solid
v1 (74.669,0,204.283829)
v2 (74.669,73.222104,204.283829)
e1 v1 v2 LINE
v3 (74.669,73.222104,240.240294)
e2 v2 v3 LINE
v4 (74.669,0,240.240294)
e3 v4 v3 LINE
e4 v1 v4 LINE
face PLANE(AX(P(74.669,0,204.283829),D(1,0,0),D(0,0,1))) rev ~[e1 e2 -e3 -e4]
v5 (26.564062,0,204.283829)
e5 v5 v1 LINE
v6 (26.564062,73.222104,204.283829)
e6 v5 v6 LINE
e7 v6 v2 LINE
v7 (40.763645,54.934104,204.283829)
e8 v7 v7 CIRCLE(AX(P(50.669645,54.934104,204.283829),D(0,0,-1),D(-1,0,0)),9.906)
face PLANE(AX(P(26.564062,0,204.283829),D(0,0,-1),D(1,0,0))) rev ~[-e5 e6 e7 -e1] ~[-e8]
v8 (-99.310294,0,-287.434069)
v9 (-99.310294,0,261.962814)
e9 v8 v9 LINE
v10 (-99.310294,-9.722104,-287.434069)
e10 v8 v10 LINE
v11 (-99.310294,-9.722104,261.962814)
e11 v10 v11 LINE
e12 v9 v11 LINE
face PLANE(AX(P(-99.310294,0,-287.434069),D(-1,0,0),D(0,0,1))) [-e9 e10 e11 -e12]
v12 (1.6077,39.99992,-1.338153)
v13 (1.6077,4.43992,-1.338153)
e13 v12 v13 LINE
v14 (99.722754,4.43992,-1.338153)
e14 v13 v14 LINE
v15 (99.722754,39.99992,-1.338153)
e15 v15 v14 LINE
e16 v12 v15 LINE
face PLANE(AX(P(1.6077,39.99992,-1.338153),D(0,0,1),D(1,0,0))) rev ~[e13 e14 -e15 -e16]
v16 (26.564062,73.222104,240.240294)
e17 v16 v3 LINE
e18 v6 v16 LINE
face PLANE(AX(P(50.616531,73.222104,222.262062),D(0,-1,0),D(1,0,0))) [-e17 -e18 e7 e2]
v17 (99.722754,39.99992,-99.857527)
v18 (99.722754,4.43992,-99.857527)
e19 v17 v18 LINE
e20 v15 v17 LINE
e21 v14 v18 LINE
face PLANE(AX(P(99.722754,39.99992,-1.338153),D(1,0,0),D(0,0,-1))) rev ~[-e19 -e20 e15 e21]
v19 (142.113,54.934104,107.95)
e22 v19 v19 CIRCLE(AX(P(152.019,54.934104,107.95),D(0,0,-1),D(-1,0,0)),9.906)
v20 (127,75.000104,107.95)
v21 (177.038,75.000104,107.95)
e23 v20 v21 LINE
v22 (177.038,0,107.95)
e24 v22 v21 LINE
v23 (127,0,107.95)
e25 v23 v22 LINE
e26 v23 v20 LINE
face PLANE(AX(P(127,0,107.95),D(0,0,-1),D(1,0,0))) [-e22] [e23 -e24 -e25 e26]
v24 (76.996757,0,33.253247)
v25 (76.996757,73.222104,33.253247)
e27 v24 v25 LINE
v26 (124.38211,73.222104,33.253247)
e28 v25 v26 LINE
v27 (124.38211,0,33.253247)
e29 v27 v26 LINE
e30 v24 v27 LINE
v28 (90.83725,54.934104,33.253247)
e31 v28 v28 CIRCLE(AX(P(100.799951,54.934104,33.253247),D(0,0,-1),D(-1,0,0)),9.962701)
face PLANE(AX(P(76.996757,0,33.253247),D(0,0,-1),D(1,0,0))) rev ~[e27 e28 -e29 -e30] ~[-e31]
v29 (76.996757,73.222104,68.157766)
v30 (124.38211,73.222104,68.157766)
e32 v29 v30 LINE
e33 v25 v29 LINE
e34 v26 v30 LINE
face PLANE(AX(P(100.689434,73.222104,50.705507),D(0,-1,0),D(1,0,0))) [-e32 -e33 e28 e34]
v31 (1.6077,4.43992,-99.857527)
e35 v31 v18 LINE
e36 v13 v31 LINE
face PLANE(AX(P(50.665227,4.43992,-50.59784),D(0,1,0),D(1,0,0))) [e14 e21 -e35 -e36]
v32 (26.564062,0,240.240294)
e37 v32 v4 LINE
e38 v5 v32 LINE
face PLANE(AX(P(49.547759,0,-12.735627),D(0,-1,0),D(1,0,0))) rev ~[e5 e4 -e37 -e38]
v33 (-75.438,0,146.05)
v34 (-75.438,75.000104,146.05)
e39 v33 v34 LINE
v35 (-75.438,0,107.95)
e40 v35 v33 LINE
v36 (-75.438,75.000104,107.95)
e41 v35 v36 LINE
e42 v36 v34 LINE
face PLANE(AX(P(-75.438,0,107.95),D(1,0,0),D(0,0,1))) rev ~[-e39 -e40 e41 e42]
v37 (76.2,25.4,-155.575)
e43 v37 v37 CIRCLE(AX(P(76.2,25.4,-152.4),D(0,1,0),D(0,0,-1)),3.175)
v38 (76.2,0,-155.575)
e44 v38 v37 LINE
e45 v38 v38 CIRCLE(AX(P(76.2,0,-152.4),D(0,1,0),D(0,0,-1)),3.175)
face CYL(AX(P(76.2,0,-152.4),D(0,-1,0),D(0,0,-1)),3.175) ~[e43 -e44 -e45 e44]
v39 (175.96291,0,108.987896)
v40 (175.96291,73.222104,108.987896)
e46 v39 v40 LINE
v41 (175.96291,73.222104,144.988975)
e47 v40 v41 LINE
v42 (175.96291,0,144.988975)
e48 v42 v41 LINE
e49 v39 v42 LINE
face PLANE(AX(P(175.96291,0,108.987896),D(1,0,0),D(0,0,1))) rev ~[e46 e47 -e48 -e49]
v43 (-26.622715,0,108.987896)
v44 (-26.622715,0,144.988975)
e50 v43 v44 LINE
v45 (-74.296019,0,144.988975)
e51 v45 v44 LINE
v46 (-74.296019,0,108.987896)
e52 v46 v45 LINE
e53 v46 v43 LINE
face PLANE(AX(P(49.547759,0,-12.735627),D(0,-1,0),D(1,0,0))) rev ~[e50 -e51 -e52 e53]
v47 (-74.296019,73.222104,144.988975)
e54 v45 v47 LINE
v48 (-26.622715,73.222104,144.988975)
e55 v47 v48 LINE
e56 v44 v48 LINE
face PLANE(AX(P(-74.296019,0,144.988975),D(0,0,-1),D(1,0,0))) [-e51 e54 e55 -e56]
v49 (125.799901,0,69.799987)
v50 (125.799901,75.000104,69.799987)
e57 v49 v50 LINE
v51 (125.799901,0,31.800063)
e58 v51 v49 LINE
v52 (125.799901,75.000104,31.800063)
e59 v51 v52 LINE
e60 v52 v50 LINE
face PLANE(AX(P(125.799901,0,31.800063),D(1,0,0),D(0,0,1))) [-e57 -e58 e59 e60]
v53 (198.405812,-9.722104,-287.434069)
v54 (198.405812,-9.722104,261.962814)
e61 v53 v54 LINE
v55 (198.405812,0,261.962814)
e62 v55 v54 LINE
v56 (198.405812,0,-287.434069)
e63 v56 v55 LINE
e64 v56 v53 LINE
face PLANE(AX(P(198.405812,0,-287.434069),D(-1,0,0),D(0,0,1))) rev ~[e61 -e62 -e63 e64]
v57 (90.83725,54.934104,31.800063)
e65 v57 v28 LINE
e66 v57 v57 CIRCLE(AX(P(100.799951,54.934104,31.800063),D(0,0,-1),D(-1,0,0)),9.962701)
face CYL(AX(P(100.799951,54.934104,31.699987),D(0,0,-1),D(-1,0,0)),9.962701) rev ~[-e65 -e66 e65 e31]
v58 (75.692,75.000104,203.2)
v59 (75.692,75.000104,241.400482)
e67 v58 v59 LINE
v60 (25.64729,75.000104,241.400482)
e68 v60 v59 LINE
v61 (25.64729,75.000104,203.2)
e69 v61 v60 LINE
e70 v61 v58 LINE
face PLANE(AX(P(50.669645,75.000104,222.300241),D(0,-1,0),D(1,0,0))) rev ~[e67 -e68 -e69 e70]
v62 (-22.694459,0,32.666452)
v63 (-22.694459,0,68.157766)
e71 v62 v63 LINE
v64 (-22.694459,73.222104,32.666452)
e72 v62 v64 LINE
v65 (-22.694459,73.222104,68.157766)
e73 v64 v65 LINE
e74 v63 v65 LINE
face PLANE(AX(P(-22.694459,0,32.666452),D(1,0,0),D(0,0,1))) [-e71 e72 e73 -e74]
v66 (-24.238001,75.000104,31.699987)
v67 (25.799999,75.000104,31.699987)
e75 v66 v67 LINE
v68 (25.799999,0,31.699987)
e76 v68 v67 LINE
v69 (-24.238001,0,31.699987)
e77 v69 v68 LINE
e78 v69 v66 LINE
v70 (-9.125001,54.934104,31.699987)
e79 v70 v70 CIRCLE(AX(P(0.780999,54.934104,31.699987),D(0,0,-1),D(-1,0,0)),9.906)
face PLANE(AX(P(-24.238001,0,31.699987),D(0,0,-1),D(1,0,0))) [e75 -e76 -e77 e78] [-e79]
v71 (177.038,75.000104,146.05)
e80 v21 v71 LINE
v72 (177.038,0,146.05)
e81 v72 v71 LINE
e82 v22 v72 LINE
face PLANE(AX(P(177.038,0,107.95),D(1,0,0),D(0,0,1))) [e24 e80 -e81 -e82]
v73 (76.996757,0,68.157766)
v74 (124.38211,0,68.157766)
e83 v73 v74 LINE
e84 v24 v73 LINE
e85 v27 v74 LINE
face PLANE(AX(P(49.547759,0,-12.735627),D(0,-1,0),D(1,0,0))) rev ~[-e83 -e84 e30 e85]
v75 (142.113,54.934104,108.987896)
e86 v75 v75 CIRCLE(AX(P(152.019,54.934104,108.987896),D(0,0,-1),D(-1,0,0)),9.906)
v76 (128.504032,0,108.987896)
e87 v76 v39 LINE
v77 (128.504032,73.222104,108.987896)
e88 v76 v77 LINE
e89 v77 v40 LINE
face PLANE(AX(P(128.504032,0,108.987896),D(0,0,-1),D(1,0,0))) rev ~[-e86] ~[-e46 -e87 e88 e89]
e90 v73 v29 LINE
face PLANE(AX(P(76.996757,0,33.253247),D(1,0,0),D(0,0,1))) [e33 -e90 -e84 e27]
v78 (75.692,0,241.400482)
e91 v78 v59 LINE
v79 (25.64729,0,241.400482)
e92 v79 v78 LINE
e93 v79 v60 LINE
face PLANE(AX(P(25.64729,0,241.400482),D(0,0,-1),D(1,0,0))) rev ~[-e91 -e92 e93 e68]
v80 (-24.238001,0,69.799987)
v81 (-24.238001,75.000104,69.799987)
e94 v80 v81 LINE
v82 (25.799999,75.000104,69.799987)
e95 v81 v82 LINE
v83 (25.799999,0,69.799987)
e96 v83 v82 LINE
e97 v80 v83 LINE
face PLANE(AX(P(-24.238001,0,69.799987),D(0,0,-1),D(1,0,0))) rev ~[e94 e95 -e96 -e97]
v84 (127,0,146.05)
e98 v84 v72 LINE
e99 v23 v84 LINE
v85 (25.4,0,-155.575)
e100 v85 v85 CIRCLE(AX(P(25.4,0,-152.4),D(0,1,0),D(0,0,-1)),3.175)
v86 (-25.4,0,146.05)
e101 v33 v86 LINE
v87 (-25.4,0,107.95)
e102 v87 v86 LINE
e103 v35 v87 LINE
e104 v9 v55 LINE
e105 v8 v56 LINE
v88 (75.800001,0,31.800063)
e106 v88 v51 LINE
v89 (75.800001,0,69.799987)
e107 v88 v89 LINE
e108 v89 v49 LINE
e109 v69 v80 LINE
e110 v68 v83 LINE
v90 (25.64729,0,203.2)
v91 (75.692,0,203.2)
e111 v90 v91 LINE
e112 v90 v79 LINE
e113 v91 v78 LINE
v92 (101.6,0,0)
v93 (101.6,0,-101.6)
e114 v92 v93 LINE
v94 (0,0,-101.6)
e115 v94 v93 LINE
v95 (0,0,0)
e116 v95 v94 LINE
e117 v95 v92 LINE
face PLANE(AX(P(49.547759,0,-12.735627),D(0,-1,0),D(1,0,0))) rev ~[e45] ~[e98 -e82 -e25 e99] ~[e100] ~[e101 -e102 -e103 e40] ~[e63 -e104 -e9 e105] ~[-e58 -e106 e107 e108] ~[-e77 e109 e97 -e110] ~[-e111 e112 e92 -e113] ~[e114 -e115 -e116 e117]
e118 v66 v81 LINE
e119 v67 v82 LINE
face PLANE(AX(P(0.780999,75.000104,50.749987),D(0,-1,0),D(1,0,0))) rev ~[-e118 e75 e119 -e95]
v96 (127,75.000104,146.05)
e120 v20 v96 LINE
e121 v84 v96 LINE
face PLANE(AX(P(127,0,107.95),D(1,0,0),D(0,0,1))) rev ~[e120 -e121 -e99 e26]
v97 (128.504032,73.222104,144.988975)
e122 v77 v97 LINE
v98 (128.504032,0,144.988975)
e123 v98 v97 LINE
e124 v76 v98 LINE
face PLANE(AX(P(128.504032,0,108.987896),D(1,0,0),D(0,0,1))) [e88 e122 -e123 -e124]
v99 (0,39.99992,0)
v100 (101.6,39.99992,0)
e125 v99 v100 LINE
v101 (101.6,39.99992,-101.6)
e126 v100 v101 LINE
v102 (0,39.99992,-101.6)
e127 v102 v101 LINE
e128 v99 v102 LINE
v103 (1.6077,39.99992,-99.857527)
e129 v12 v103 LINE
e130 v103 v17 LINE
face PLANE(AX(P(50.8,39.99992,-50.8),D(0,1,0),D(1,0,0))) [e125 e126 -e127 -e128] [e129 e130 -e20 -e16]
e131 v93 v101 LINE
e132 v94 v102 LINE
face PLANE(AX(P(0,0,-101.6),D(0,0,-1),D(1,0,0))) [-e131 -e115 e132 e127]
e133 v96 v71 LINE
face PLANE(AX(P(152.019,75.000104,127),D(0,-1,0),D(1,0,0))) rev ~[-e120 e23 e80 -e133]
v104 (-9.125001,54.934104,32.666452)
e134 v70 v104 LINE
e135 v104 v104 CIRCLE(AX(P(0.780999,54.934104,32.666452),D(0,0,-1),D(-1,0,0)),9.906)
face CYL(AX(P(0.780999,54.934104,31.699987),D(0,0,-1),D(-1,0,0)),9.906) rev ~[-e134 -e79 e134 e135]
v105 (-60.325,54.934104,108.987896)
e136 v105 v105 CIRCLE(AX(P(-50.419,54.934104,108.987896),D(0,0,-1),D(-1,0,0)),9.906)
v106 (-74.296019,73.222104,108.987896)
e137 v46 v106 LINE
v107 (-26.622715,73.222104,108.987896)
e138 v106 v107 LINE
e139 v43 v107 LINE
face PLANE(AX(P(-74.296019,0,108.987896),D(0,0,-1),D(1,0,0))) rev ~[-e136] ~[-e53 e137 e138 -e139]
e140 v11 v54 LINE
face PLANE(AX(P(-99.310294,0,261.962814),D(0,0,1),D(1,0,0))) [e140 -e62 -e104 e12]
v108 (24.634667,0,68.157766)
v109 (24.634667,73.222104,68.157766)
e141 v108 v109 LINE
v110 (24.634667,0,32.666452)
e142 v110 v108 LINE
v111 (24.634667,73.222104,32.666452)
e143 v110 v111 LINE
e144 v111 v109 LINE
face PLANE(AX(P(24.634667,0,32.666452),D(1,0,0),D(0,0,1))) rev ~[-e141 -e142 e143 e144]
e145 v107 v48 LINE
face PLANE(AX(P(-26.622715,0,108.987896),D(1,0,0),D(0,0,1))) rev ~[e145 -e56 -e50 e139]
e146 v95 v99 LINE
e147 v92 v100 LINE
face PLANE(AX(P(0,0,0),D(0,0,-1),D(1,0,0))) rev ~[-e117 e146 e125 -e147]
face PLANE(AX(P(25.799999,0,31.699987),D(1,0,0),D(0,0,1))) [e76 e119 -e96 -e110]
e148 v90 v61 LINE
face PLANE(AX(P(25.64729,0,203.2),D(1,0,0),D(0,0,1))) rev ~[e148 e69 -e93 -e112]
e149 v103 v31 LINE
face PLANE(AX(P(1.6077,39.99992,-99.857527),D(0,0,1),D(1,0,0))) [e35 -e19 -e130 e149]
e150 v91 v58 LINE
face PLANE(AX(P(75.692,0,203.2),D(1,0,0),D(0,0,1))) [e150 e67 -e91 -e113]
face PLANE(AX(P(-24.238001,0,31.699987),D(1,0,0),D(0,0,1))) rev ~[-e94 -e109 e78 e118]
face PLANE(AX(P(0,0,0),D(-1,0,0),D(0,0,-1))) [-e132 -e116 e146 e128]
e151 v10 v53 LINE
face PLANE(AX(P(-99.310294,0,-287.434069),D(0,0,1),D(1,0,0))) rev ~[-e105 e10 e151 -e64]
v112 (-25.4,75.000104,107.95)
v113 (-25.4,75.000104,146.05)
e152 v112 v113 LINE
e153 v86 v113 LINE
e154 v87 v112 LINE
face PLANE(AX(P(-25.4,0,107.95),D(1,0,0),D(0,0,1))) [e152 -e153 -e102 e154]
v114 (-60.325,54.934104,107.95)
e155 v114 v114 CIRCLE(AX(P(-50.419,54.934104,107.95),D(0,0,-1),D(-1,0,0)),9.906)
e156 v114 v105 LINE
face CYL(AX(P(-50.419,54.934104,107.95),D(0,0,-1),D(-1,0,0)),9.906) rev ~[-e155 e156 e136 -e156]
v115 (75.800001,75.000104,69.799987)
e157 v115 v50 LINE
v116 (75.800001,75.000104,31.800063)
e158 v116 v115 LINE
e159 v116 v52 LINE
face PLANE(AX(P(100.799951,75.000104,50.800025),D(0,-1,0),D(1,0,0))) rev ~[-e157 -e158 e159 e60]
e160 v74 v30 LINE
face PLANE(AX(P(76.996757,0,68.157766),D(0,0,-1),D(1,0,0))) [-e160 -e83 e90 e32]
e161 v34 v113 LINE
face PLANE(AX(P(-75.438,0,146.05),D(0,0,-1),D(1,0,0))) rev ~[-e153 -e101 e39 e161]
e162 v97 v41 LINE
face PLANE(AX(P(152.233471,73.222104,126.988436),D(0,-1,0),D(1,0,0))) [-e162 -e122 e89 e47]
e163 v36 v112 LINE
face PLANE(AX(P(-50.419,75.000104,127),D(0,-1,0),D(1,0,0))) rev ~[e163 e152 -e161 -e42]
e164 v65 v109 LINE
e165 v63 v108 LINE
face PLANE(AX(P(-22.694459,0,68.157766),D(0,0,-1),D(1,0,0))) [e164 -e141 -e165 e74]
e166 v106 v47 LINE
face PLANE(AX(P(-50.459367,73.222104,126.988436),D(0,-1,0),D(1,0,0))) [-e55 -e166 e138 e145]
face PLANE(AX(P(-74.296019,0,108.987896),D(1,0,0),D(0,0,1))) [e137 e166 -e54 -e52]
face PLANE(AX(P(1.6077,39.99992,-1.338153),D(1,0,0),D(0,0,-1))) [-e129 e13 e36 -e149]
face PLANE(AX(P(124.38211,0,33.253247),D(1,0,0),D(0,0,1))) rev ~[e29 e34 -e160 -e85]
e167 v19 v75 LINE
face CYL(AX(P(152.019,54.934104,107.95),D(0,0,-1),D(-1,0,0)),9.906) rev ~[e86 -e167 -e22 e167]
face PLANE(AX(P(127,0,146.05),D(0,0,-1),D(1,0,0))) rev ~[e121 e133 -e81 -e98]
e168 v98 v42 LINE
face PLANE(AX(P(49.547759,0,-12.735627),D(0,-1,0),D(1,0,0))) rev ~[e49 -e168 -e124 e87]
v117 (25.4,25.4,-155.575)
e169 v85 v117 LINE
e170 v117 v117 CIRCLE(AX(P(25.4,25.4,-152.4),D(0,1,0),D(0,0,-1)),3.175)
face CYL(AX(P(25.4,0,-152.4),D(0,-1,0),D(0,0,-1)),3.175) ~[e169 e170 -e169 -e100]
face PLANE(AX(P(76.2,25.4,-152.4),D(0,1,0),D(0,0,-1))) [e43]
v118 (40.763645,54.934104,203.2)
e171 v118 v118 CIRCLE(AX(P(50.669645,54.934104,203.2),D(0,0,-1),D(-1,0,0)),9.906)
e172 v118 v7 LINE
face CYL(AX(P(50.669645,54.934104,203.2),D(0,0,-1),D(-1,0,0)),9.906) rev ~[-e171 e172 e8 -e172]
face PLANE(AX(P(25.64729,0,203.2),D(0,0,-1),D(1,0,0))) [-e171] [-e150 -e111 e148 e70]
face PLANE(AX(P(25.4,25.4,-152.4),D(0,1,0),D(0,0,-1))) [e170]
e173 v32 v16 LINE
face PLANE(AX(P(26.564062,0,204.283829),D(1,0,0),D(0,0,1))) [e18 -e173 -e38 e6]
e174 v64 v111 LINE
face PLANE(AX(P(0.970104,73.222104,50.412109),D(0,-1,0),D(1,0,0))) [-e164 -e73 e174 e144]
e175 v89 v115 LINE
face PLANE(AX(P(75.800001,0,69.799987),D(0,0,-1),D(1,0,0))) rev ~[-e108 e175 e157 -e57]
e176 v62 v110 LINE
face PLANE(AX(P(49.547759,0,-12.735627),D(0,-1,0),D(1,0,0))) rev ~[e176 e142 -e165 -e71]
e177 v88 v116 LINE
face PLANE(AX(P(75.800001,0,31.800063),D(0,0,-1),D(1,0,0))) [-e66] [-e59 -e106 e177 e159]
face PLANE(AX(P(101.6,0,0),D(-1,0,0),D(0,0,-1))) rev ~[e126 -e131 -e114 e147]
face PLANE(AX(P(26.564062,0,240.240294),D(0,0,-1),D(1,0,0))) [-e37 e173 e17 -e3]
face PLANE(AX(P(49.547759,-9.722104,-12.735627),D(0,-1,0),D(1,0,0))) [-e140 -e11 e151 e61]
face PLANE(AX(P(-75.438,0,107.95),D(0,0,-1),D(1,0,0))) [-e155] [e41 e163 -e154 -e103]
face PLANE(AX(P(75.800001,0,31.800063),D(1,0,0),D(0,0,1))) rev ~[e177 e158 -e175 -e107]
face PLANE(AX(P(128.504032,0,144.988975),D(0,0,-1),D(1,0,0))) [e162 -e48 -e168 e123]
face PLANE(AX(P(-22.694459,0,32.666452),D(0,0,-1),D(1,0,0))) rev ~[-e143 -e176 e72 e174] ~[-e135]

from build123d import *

# Parameters (mm, degrees)
SKETCH1_W             = 101.6
SKETCH1_H             = 101.6
BOSS_EXTRUDE1_DEPTH   = 39.99992
SKETCH2_W             = 98.115054024
SKETCH2_H             = 98.519374302
CUT_EXTRUDE1_DEPTH    = 35.56
SKETCH3_W             = 49.9999
SKETCH3_H             = 37.999924
BOSS_EXTRUDE2_DEPTH   = 75.000104
SKETCH3_W_2           = 50.038
SKETCH3_H_2           = 38.1
BOSS_EXTRUDE2_2_DEPTH = 75.000104
BOSS_EXTRUDE2_3_DEPTH = 75.000104
BOSS_EXTRUDE2_4_DEPTH = 75.000104
SKETCH3_W_3           = 50.044709845
SKETCH3_H_3           = 38.200481576
BOSS_EXTRUDE2_5_DEPTH = 75.000104
SKETCH4_W             = 47.673303357
SKETCH4_H             = 36.001078641
SKETCH4_W_2           = 47.329126014
SKETCH4_H_2           = 35.49131434
SKETCH4_W_3           = 47.385353059
SKETCH4_H_3           = 34.904518915
SKETCH4_W_4           = 47.458878428
SKETCH4_W_5           = 48.104938799
SKETCH4_H_4           = 35.956464733
CUT_EXTRUDE2_DEPTH    = 73.222104
SKETCH5_R             = 9.906
SKETCH5_R_2           = 9.962701018
CUT_EXTRUDE3_DEPTH    = 9.722104
SKETCH6_R             = 9.906
CUT_EXTRUDE4_DEPTH    = 9.722104
SKETCH7_R             = 9.906
CUT_EXTRUDE5_DEPTH    = 9.722104
SKETCH8_W             = 297.716106252
SKETCH8_H             = 549.396882706
BOSS_EXTRUDE4_DEPTH   = 9.722104
SKETCH9_R             = 3.175
BOSS_EXTRUDE5_DEPTH   = 25.4


with BuildPart() as part:
    # Sketch1 → Boss-Extrude1 (new body)
    with BuildSketch(Plane(origin=(0, 0, 0), x_dir=(1, 0, 0), z_dir=(0, 1, 0))):
        with Locations((50.8, 50.8)):
            Rectangle(SKETCH1_W, SKETCH1_H)
    extrude(amount=BOSS_EXTRUDE1_DEPTH)

    # Sketch2 → Cut-Extrude1 (cut)
    with BuildSketch(Plane(origin=(0, 39.99992, 0), x_dir=(1, 0, 0), z_dir=(0, 1, 0))):
        with Locations((50.665226574, 50.597839861)):
            Rectangle(SKETCH2_W, SKETCH2_H)
    extrude(amount=-CUT_EXTRUDE1_DEPTH, mode=Mode.SUBTRACT)



with BuildPart() as body_2:
    # Sketch3 → Boss-Extrude2 (new body)
    with BuildSketch(Plane.XZ):
        with Locations((100.7999508, 50.8000254)):
            Rectangle(SKETCH3_W, SKETCH3_H)
    extrude(amount=-BOSS_EXTRUDE2_DEPTH)


with BuildPart() as body_3:
    # Sketch3 → Boss-Extrude2 2 (new body)
    with BuildSketch(Plane.XZ):
        with Locations((0.7809992, 50.7499874)):
            Rectangle(SKETCH3_W_2, SKETCH3_H_2)
    extrude(amount=-BOSS_EXTRUDE2_2_DEPTH)


with BuildPart() as body_4:
    # Sketch3 → Boss-Extrude2 3 (new body)
    with BuildSketch(Plane.XZ):
        with Locations((152.019, 127)):
            Rectangle(SKETCH3_W_2, SKETCH3_H_2)
    extrude(amount=-BOSS_EXTRUDE2_3_DEPTH)


with BuildPart() as body_5:
    # Sketch3 → Boss-Extrude2 4 (new body)
    with BuildSketch(Plane.XZ):
        with Locations((-50.419, 127)):
            Rectangle(SKETCH3_W_2, SKETCH3_H_2)
    extrude(amount=-BOSS_EXTRUDE2_4_DEPTH)


with BuildPart() as body_6:
    # Sketch3 → Boss-Extrude2 5 (new body)
    with BuildSketch(Plane.XZ):
        with Locations((50.669645078, 222.300240788)):
            Rectangle(SKETCH3_W_3, SKETCH3_H_3)
    extrude(amount=-BOSS_EXTRUDE2_5_DEPTH)


with BuildPart() as cut_extrude2_tool:
    # Sketch4 → Cut-Extrude2 (new body)
    with BuildSketch(Plane.XZ):
        with Locations((-50.459366902, 126.988435685)):
            Rectangle(SKETCH4_W, SKETCH4_H)
        with Locations((0.970104392, 50.412109166)):
            Rectangle(SKETCH4_W_2, SKETCH4_H_2)
        with Locations((100.689433749, 50.705506879)):
            Rectangle(SKETCH4_W_3, SKETCH4_H_3)
        with Locations((152.233471247, 126.988435685)):
            Rectangle(SKETCH4_W_4, SKETCH4_H)
        with Locations((50.616530906, 222.262061552)):
            Rectangle(SKETCH4_W_5, SKETCH4_H_4)
    extrude(amount=-CUT_EXTRUDE2_DEPTH)


with BuildPart() as body_2_1:
    add(body_2.part)

    # Cut-Extrude2: cut by cut_extrude2_tool
    add(cut_extrude2_tool.part, mode=Mode.SUBTRACT)


with BuildPart() as body_3_1:
    add(body_3.part)

    # Cut-Extrude2: cut by cut_extrude2_tool
    add(cut_extrude2_tool.part, mode=Mode.SUBTRACT)


with BuildPart() as body_4_1:
    add(body_4.part)

    # Cut-Extrude2: cut by cut_extrude2_tool
    add(cut_extrude2_tool.part, mode=Mode.SUBTRACT)


with BuildPart() as body_5_1:
    add(body_5.part)

    # Cut-Extrude2: cut by cut_extrude2_tool
    add(cut_extrude2_tool.part, mode=Mode.SUBTRACT)


with BuildPart() as body_6_1:
    add(body_6.part)

    # Cut-Extrude2: cut by cut_extrude2_tool
    add(cut_extrude2_tool.part, mode=Mode.SUBTRACT)

    # Sketch7 → Cut-Extrude5 (cut)
    with BuildSketch(Plane(origin=(0, 0, 203.2), x_dir=(-1, 0, 0), z_dir=(0, 0, -1))):
        with Locations((-50.669645078, 54.934104)):
            Circle(SKETCH7_R)
    extrude(amount=-CUT_EXTRUDE5_DEPTH, mode=Mode.SUBTRACT)


with BuildPart() as cut_extrude3_tool:
    # Sketch5 → Cut-Extrude3 (new body)
    with BuildSketch(Plane(origin=(0, 0, 31.6999874), x_dir=(-1, 0, 0), z_dir=(0, 0, -1))):
        with Locations((-0.7809992, 54.934104)):
            Circle(SKETCH5_R)
        with Locations((-100.7999508, 54.934104)):
            Circle(SKETCH5_R_2)
    extrude(amount=-CUT_EXTRUDE3_DEPTH)


with BuildPart() as body_2_2:
    add(body_2_1.part)

    # Cut-Extrude3: cut by cut_extrude3_tool
    add(cut_extrude3_tool.part, mode=Mode.SUBTRACT)


with BuildPart() as body_3_2:
    add(body_3_1.part)

    # Cut-Extrude3: cut by cut_extrude3_tool
    add(cut_extrude3_tool.part, mode=Mode.SUBTRACT)


with BuildPart() as cut_extrude4_tool:
    # Sketch6 → Cut-Extrude4 (new body)
    with BuildSketch(Plane(origin=(0, 0, 107.95), x_dir=(-1, 0, 0), z_dir=(0, 0, -1))):
        with Locations((-152.019, 54.934104)):
            Circle(SKETCH6_R)
        with Locations((50.419, 54.934104)):
            Circle(SKETCH6_R)
    extrude(amount=-CUT_EXTRUDE4_DEPTH)


with BuildPart() as body_4_2:
    add(body_4_1.part)

    # Cut-Extrude4: cut by cut_extrude4_tool
    add(cut_extrude4_tool.part, mode=Mode.SUBTRACT)


with BuildPart() as body_5_2:
    add(body_5_1.part)

    # Cut-Extrude4: cut by cut_extrude4_tool
    add(cut_extrude4_tool.part, mode=Mode.SUBTRACT)


with BuildPart() as part_1:
    add(part.part)

    add(body_2_2.part)  # Boss-Extrude4 merges body 2

    add(body_3_2.part)  # Boss-Extrude4 merges body 3

    add(body_4_2.part)  # Boss-Extrude4 merges body 4

    add(body_5_2.part)  # Boss-Extrude4 merges body 5

    add(body_6_1.part)  # Boss-Extrude4 merges body 6
    # Sketch8 → Boss-Extrude4 (add)
    with BuildSketch(Plane.XZ):
        with Locations((49.547758626, -12.735627368)):
            Rectangle(SKETCH8_W, SKETCH8_H)
    extrude(amount=BOSS_EXTRUDE4_DEPTH)

    # Sketch9 → Boss-Extrude5 (add)
    with BuildSketch(Plane(origin=(0, 0, 0), x_dir=(1, 0, 0), z_dir=(0, 1, 0))):
        with Locations(Location((25.4, 152.4, 0), (0, 0, 90))):
            Circle(SKETCH9_R)
        with Locations(Location((76.2, 152.4, 0), (0, 0, 90))):
            Circle(SKETCH9_R)
    extrude(amount=BOSS_EXTRUDE5_DEPTH)


solid = part_1.part
